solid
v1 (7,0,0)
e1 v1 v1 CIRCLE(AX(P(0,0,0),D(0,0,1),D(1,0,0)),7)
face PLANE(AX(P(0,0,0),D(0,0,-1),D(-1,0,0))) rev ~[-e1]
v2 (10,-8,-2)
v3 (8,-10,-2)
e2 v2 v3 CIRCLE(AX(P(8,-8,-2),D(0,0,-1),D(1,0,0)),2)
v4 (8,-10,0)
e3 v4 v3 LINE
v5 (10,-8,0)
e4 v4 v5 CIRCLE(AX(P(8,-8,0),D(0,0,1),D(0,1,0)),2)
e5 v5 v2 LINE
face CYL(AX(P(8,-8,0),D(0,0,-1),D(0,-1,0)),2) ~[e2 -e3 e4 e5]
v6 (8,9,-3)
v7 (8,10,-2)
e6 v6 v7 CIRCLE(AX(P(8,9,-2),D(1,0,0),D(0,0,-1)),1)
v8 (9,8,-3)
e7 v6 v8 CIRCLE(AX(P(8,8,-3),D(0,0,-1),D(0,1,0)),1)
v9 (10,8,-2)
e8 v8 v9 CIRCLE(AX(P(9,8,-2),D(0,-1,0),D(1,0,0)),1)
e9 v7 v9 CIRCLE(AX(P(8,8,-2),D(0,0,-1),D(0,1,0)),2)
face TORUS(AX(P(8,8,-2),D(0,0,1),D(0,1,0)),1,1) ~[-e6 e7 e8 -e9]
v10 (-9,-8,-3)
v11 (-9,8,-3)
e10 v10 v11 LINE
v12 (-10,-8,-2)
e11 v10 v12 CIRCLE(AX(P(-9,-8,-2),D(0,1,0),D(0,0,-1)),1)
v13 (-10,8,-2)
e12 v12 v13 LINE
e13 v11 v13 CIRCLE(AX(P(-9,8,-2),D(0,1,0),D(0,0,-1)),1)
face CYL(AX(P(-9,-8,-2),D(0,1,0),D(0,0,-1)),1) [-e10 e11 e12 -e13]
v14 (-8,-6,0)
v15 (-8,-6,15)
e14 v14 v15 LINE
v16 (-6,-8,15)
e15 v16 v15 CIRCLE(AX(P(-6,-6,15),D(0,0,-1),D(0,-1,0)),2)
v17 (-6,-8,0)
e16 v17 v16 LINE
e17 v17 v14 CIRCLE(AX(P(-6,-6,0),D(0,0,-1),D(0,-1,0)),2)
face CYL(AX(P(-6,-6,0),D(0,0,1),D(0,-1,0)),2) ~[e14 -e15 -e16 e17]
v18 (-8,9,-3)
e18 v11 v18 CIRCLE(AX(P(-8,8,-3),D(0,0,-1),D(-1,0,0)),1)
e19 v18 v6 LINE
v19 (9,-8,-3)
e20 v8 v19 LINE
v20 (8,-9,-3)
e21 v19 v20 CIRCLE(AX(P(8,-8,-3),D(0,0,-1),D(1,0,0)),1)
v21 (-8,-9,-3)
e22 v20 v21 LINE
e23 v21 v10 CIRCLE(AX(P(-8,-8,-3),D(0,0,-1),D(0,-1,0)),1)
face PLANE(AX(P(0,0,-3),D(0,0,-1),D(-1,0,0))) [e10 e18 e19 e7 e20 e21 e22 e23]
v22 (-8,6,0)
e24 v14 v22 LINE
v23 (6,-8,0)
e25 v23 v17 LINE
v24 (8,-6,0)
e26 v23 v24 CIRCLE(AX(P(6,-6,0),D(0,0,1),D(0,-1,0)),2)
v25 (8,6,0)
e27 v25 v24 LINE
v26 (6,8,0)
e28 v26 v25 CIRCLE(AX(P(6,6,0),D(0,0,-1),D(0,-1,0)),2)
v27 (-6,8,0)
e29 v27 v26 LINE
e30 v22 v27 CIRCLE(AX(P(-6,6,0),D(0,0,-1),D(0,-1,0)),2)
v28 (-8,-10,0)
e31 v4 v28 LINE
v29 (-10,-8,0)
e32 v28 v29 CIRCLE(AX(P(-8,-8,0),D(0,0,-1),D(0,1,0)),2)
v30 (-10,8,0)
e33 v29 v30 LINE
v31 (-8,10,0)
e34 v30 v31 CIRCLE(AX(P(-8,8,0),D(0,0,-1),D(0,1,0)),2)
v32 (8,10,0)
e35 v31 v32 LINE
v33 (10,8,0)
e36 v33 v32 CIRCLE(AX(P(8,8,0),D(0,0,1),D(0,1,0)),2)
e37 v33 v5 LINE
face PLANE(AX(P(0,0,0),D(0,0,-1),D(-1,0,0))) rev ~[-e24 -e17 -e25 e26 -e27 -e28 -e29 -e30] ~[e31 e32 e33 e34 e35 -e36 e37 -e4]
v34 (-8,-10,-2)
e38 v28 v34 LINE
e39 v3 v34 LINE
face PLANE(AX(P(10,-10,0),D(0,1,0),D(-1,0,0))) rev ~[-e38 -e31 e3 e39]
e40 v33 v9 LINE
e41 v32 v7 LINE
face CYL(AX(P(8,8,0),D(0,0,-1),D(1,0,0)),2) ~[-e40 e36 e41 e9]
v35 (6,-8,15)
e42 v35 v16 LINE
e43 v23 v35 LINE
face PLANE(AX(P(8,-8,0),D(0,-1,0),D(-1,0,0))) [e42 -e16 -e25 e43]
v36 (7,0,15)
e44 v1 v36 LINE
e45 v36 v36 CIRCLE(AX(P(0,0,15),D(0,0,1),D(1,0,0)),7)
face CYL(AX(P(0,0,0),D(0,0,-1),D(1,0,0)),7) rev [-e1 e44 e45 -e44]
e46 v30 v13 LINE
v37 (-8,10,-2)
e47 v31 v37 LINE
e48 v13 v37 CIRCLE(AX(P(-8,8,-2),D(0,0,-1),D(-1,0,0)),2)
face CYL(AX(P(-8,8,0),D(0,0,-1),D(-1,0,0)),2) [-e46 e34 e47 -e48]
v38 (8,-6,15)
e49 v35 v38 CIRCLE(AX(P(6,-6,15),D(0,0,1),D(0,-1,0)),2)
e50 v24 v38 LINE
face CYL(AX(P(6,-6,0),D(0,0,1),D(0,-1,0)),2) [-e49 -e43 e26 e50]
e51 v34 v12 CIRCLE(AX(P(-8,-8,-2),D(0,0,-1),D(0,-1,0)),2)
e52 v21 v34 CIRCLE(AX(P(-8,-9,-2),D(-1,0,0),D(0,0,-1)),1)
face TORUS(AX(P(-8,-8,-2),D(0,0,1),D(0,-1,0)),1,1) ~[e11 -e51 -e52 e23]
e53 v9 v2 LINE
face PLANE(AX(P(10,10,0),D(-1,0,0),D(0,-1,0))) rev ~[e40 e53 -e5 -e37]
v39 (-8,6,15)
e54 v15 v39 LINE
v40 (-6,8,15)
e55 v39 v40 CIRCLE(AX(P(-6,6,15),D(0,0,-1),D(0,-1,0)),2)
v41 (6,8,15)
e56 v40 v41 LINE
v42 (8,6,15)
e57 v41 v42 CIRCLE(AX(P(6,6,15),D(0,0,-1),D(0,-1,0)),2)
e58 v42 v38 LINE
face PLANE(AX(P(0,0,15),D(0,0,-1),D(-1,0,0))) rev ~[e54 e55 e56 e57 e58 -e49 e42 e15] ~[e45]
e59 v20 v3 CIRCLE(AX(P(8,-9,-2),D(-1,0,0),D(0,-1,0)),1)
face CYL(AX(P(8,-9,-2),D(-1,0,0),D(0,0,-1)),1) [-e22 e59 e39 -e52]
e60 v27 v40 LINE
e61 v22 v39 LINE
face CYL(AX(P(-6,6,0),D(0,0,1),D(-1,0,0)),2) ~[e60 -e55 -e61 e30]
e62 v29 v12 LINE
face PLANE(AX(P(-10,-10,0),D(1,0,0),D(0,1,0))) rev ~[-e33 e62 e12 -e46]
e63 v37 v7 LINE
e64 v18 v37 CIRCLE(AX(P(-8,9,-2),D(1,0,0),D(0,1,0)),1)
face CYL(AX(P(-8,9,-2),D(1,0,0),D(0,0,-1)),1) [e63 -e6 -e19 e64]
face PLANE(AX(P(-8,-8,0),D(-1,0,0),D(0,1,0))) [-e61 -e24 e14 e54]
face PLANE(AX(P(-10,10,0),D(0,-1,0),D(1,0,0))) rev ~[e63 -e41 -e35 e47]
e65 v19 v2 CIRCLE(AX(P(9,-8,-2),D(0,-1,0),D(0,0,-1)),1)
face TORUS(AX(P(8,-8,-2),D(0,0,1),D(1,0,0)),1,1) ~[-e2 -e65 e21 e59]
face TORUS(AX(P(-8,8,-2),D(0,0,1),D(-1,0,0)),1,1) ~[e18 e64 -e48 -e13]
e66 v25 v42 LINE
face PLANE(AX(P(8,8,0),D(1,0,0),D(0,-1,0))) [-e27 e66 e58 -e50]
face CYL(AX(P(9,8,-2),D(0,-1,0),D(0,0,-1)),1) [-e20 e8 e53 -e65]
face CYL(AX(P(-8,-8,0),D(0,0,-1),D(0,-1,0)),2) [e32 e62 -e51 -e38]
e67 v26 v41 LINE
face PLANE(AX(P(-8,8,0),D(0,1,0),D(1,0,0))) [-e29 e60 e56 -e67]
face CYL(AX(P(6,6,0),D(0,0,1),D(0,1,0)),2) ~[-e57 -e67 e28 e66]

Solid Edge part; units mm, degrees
sketch "Sketch1" plane through (0, 0, 0) normal (0, 0, 1) x (1, 0, 0)
  line L0 (10, -10) -> (-10, -10)
  line L1 (-10, -10) -> (-10, 10)
  line L2 (-10, 10) -> (10, 10)
  line L3 (10, 10) -> (10, -10)
extrude "Protrusion1" add sketch "Sketch1" against normal blind 3
sketch "Sketch2" plane through (0, 0, 0) normal (0, 0, 1) x (1, 0, 0)
  line L0 (8, -8) -> (-8, -8)
  line L1 (-8, -8) -> (-8, 8)
  line L2 (-8, 8) -> (8, 8)
  line L3 (8, 8) -> (8, -8)
  circle A0 centre (0, 0) radius 7
  dimension "D1" = 20
  dimension "D2" = 16
  dimension "D3" = 14
extrude "ExtrudedProtrusion_2" add sketch "Sketch2" along normal blind 15
fillet "Round_1" radius 2 8 edges at (10, -10, -1.5) (10, 10, -1.5) (-10, -10, -1.5) (-10, 10, -1.5) (-8, 8, 7.5) (-8, -8, 7.5) (8, -8, 7.5) (8, 8, 7.5)
fillet "Round_2" radius 1 8 edges at (-10, 0, -3) (-9.4142, 9.4142, -3) (0, 10, -3) (9.4142, 9.4142, -3) (10, 0, -3) (9.4142, -9.4142, -3) (0, -10, -3) (-9.4142, -9.4142, -3)
